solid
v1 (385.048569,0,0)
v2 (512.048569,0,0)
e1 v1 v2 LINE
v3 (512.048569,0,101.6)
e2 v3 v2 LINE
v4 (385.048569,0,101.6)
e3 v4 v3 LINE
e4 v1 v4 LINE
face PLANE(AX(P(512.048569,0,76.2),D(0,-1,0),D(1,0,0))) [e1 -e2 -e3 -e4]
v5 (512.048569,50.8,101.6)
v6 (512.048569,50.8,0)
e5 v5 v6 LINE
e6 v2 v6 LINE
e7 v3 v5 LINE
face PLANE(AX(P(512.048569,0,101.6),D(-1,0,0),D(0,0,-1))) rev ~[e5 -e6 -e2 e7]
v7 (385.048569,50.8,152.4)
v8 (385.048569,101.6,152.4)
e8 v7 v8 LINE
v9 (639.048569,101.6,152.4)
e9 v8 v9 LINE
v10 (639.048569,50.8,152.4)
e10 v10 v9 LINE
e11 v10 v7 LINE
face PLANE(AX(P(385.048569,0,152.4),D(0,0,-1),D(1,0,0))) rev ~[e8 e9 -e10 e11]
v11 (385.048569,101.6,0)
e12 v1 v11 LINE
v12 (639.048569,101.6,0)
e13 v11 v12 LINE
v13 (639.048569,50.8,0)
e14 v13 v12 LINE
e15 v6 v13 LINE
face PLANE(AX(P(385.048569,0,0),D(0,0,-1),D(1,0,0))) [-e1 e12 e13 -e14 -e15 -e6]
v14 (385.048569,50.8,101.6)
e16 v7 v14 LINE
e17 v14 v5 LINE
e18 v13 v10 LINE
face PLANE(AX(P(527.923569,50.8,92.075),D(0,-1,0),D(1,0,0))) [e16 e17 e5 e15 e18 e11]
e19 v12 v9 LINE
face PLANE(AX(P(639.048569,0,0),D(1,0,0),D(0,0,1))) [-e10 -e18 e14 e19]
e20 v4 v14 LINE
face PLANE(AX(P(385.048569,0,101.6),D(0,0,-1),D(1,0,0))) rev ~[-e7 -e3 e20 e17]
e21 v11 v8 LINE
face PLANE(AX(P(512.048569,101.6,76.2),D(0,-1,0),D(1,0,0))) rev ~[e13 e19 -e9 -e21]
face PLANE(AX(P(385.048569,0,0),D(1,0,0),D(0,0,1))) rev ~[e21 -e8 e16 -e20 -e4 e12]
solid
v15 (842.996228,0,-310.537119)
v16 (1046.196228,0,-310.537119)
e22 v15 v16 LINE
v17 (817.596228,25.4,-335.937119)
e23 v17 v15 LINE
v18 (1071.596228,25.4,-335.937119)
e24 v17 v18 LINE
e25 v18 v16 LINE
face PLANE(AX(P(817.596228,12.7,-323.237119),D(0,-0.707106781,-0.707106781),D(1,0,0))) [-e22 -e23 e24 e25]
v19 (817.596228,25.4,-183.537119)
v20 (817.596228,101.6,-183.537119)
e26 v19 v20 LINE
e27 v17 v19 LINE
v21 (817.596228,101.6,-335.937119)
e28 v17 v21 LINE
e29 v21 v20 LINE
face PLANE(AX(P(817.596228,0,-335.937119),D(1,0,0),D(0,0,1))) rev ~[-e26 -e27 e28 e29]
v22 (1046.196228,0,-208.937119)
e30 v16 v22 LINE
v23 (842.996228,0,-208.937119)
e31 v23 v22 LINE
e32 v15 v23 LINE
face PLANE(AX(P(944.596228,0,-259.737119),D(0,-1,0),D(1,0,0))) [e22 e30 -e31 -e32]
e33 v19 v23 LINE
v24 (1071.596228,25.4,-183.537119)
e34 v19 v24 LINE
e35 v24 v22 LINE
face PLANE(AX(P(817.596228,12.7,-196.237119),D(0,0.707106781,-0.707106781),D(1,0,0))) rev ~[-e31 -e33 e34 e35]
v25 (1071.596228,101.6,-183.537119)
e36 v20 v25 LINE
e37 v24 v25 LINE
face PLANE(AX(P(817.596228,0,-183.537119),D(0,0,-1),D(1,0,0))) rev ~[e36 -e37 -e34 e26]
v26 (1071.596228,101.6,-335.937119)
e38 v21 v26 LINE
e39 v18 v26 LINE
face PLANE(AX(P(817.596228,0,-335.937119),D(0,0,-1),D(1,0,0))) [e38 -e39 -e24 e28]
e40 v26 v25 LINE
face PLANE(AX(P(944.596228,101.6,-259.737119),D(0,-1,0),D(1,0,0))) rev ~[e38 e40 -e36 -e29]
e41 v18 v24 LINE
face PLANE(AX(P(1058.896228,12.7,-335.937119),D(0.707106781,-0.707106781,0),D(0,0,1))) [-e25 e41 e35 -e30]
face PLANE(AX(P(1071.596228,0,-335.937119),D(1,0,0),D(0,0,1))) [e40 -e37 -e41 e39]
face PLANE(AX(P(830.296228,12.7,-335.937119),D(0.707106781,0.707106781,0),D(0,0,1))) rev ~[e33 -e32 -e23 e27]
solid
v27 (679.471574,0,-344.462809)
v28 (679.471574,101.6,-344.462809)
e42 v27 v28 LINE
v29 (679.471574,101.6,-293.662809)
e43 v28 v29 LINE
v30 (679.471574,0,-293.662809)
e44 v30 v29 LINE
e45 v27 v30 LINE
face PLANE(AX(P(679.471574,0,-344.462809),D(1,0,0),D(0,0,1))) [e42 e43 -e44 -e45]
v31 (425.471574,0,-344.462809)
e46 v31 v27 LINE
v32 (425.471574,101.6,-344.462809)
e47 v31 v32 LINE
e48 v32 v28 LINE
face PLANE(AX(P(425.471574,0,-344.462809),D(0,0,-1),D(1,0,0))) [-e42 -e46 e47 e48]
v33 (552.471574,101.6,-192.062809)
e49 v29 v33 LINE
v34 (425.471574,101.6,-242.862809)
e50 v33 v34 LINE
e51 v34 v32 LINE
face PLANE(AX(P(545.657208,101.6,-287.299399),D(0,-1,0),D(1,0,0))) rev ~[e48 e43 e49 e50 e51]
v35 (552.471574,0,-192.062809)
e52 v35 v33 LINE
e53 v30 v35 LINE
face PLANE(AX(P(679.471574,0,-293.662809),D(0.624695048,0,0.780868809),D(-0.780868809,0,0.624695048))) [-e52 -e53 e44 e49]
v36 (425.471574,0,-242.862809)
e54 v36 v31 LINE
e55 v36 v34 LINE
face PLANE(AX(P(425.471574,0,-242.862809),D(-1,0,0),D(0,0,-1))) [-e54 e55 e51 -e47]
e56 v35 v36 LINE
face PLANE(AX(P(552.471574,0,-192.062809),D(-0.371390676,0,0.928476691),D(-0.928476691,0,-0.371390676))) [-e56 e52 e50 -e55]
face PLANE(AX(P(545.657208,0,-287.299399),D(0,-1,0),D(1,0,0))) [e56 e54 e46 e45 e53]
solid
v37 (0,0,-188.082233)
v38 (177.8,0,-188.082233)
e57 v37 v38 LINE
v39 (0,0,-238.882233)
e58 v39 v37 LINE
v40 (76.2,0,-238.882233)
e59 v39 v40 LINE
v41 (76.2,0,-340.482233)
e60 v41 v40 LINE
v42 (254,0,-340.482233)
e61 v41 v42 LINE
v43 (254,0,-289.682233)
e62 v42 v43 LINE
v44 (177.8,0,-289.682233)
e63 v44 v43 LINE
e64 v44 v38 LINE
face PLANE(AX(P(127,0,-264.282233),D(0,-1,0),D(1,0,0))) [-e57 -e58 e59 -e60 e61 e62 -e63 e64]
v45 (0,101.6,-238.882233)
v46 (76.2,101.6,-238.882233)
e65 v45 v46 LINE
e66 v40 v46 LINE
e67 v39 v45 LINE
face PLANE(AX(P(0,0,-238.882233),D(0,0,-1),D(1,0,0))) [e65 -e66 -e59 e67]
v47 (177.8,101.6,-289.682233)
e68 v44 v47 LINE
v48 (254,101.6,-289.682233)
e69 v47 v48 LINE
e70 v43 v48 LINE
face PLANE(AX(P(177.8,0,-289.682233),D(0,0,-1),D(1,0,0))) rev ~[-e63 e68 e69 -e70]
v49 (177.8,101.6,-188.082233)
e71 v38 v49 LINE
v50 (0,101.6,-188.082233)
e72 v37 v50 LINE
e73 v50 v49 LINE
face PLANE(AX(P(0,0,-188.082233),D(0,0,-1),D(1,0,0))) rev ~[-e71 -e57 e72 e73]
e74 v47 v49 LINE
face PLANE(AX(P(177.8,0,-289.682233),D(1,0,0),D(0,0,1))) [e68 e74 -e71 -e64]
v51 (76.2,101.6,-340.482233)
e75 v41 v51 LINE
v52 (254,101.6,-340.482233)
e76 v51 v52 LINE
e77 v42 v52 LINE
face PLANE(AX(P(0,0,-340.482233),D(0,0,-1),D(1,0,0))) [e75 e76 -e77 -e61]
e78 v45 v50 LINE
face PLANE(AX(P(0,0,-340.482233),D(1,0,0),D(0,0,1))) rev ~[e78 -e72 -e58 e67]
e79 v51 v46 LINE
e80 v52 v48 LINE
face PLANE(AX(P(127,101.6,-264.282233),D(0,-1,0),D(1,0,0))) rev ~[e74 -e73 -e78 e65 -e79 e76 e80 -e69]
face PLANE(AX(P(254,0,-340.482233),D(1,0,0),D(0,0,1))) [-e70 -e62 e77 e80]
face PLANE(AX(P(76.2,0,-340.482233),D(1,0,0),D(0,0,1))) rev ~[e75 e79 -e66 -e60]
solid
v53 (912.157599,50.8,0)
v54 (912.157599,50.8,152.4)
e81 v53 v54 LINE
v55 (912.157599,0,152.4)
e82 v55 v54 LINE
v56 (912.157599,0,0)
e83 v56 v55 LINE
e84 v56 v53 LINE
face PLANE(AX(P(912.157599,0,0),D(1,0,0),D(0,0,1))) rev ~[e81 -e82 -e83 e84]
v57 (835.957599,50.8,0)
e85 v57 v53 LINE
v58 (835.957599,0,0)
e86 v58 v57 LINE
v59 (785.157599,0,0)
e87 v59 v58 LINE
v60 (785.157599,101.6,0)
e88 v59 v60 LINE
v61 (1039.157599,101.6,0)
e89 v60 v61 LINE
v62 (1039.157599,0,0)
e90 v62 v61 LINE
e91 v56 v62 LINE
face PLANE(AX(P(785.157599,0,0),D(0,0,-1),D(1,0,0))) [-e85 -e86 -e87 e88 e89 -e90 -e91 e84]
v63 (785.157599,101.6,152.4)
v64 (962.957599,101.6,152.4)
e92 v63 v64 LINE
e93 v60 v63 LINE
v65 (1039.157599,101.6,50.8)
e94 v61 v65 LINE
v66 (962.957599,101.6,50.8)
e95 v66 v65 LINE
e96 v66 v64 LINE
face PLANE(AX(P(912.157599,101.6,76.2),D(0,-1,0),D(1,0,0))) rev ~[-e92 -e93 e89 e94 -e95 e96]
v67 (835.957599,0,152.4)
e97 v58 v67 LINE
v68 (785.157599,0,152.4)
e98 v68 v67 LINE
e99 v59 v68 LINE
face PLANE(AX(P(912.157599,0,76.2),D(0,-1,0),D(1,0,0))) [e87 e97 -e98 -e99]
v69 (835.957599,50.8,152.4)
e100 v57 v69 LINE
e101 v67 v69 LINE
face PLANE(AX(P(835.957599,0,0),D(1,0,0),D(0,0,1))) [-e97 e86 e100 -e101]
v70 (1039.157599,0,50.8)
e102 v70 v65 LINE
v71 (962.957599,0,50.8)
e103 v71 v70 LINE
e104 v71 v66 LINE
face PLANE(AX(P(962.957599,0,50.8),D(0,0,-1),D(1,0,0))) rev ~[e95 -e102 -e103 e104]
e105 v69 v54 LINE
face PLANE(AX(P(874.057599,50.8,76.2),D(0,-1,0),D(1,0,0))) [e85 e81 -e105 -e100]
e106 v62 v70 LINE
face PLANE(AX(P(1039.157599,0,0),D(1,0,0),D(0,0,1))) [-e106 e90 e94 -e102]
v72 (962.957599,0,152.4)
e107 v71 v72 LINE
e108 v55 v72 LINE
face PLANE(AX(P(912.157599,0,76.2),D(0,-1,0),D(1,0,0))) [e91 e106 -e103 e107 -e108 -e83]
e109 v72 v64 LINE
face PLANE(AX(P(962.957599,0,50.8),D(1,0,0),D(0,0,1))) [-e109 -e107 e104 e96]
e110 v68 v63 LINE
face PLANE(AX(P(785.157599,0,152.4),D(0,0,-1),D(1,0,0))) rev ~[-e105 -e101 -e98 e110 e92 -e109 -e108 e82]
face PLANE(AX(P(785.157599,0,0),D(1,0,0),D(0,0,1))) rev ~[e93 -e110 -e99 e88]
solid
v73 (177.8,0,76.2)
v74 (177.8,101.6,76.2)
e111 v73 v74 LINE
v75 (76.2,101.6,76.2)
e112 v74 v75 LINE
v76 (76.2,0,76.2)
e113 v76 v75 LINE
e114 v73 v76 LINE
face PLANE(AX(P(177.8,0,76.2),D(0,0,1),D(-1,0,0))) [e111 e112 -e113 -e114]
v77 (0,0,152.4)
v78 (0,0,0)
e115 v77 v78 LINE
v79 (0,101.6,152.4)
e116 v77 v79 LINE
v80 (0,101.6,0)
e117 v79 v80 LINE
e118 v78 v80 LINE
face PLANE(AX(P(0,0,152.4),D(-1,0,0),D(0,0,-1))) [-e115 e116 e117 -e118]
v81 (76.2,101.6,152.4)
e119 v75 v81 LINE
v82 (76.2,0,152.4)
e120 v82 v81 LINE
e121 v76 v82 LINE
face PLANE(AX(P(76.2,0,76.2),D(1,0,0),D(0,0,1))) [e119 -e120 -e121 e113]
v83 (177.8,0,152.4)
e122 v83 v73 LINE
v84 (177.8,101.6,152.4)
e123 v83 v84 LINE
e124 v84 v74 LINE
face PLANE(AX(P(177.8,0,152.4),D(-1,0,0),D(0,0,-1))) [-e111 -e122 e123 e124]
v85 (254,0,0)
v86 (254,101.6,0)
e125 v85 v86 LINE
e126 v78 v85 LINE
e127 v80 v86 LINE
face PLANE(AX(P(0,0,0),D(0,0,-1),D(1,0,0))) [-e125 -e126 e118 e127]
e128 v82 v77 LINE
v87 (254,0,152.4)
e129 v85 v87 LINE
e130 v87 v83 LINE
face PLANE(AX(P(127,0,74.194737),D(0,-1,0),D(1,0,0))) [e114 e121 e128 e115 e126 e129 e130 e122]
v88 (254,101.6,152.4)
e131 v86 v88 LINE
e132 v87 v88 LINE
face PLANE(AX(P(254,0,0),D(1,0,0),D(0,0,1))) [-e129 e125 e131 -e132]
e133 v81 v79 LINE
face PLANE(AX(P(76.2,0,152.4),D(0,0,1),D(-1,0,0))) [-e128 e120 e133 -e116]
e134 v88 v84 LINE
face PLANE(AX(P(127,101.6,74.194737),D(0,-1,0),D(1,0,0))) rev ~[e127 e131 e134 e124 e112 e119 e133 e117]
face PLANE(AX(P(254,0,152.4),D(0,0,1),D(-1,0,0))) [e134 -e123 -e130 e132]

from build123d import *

# Parameters (mm, degrees)
F1_DEPTH  = 101.6
F2_W      = 254
F2_H      = 152.4
F3_DEPTH  = 101.6
F5_DEPTH  = 50.8
F6_W      = 254
F6_H      = 152.4
F7_DEPTH  = 101.6
F8_W      = 76.2
F8_H      = 152.4
F9_DEPTH  = 50.8
F10_W     = 76.2
F10_H     = 101.6
F11_DEPTH = 167.64
F12_W     = 254
F12_H     = 152.4
F13_DEPTH = 101.6
F14_W     = 76.2
F14_H     = 101.6
F15_DEPTH = 223.52
F16_W     = 76.2
F16_H     = 101.6
F17_DEPTH = 132.08
F19_DEPTH = 101.6
F20_W     = 254
F20_H     = 152.4
F21_DEPTH = 101.6
F22_SIZE  = 25.4


with BuildPart() as f1:
    # F0 (on Front) → F1 (new body)
    with BuildSketch(Plane.XZ):
        Polygon((0, 152.4), (0, 0), (254, 0), (254, 152.4), (177.8, 152.4), (177.8, 76.2), (76.2, 76.2), (76.2, 152.4), align=None)
    extrude(amount=-F1_DEPTH)


with BuildPart() as f3:
    # F2 (on Front) → F3 (new body)
    with BuildSketch(Plane.XZ):
        with Locations((512.048569, 76.2)):
            Rectangle(F2_W, F2_H)
    extrude(amount=-F3_DEPTH)

    # F4 (on face) → F5 (cut)
    with BuildSketch(Plane.XZ):
        Polygon((512.048569, 101.6), (512.048569, 0), (639.048569, 0), (639.048569, 152.4), (385.048569, 152.4), (385.048569, 101.6), align=None)
    extrude(amount=-F5_DEPTH, mode=Mode.SUBTRACT)


with BuildPart() as f7:
    # F6 (on Front) → F7 (new body)
    with BuildSketch(Plane.XZ):
        with Locations((912.157599, 76.2)):
            Rectangle(F6_W, F6_H)
    extrude(amount=-F7_DEPTH)

    # F8 (on face) → F9 (cut)
    with BuildSketch(Plane.XZ):
        with Locations((874.057599, 76.2)):
            Rectangle(F8_W, F8_H)
    extrude(amount=-F9_DEPTH, mode=Mode.SUBTRACT)

    # F10 (on face) → F11 (cut)
    with BuildSketch(Plane.XZ):
        with Locations((1001.057599, 101.6)):
            Rectangle(F10_W, F10_H)
    extrude(amount=-F11_DEPTH, mode=Mode.SUBTRACT)


with BuildPart() as f13:
    # F12 (on Front) → F13 (new body)
    with BuildSketch(Plane.XZ):
        with Locations((127, -264.282233)):
            Rectangle(F12_W, F12_H)
    extrude(amount=-F13_DEPTH)

    # F14 (on face) → F15 (cut)
    with BuildSketch(Plane.XZ):
        with Locations((38.1, -289.682233)):
            Rectangle(F14_W, F14_H)
    extrude(amount=-F15_DEPTH, mode=Mode.SUBTRACT)

    # F16 (on face) → F17 (cut)
    with BuildSketch(Plane.XZ):
        with Locations((215.9, -238.882233)):
            Rectangle(F16_W, F16_H)
    extrude(amount=-F17_DEPTH, mode=Mode.SUBTRACT)


with BuildPart() as f19:
    # F18 (on Front) → F19 (new body)
    with BuildSketch(Plane.XZ):
        Polygon((425.471574, -242.862809), (425.471574, -344.462809), (679.471574, -344.462809), (679.471574, -293.662809), (552.471574, -192.062809), align=None)
    extrude(amount=-F19_DEPTH)


with BuildPart() as f21:
    # F20 (on Front) → F21 (new body)
    with BuildSketch(Plane.XZ):
        with Locations((944.596228, -259.737119)):
            Rectangle(F20_W, F20_H)
    extrude(amount=-F21_DEPTH)

    # F22
    f22_edges = [f21.edges().sort_by_distance(p)[0] for p in [
        (817.596228, 0, -259.737119),
        (944.596228, 0, -335.937119),
        (1071.596228, 0, -259.737119),
        (944.596228, 0, -183.537119),
    ]]
    chamfer(f22_edges, length=F22_SIZE)


solid = Compound([f1.part, f3.part, f7.part, f13.part, f19.part, f21.part])
